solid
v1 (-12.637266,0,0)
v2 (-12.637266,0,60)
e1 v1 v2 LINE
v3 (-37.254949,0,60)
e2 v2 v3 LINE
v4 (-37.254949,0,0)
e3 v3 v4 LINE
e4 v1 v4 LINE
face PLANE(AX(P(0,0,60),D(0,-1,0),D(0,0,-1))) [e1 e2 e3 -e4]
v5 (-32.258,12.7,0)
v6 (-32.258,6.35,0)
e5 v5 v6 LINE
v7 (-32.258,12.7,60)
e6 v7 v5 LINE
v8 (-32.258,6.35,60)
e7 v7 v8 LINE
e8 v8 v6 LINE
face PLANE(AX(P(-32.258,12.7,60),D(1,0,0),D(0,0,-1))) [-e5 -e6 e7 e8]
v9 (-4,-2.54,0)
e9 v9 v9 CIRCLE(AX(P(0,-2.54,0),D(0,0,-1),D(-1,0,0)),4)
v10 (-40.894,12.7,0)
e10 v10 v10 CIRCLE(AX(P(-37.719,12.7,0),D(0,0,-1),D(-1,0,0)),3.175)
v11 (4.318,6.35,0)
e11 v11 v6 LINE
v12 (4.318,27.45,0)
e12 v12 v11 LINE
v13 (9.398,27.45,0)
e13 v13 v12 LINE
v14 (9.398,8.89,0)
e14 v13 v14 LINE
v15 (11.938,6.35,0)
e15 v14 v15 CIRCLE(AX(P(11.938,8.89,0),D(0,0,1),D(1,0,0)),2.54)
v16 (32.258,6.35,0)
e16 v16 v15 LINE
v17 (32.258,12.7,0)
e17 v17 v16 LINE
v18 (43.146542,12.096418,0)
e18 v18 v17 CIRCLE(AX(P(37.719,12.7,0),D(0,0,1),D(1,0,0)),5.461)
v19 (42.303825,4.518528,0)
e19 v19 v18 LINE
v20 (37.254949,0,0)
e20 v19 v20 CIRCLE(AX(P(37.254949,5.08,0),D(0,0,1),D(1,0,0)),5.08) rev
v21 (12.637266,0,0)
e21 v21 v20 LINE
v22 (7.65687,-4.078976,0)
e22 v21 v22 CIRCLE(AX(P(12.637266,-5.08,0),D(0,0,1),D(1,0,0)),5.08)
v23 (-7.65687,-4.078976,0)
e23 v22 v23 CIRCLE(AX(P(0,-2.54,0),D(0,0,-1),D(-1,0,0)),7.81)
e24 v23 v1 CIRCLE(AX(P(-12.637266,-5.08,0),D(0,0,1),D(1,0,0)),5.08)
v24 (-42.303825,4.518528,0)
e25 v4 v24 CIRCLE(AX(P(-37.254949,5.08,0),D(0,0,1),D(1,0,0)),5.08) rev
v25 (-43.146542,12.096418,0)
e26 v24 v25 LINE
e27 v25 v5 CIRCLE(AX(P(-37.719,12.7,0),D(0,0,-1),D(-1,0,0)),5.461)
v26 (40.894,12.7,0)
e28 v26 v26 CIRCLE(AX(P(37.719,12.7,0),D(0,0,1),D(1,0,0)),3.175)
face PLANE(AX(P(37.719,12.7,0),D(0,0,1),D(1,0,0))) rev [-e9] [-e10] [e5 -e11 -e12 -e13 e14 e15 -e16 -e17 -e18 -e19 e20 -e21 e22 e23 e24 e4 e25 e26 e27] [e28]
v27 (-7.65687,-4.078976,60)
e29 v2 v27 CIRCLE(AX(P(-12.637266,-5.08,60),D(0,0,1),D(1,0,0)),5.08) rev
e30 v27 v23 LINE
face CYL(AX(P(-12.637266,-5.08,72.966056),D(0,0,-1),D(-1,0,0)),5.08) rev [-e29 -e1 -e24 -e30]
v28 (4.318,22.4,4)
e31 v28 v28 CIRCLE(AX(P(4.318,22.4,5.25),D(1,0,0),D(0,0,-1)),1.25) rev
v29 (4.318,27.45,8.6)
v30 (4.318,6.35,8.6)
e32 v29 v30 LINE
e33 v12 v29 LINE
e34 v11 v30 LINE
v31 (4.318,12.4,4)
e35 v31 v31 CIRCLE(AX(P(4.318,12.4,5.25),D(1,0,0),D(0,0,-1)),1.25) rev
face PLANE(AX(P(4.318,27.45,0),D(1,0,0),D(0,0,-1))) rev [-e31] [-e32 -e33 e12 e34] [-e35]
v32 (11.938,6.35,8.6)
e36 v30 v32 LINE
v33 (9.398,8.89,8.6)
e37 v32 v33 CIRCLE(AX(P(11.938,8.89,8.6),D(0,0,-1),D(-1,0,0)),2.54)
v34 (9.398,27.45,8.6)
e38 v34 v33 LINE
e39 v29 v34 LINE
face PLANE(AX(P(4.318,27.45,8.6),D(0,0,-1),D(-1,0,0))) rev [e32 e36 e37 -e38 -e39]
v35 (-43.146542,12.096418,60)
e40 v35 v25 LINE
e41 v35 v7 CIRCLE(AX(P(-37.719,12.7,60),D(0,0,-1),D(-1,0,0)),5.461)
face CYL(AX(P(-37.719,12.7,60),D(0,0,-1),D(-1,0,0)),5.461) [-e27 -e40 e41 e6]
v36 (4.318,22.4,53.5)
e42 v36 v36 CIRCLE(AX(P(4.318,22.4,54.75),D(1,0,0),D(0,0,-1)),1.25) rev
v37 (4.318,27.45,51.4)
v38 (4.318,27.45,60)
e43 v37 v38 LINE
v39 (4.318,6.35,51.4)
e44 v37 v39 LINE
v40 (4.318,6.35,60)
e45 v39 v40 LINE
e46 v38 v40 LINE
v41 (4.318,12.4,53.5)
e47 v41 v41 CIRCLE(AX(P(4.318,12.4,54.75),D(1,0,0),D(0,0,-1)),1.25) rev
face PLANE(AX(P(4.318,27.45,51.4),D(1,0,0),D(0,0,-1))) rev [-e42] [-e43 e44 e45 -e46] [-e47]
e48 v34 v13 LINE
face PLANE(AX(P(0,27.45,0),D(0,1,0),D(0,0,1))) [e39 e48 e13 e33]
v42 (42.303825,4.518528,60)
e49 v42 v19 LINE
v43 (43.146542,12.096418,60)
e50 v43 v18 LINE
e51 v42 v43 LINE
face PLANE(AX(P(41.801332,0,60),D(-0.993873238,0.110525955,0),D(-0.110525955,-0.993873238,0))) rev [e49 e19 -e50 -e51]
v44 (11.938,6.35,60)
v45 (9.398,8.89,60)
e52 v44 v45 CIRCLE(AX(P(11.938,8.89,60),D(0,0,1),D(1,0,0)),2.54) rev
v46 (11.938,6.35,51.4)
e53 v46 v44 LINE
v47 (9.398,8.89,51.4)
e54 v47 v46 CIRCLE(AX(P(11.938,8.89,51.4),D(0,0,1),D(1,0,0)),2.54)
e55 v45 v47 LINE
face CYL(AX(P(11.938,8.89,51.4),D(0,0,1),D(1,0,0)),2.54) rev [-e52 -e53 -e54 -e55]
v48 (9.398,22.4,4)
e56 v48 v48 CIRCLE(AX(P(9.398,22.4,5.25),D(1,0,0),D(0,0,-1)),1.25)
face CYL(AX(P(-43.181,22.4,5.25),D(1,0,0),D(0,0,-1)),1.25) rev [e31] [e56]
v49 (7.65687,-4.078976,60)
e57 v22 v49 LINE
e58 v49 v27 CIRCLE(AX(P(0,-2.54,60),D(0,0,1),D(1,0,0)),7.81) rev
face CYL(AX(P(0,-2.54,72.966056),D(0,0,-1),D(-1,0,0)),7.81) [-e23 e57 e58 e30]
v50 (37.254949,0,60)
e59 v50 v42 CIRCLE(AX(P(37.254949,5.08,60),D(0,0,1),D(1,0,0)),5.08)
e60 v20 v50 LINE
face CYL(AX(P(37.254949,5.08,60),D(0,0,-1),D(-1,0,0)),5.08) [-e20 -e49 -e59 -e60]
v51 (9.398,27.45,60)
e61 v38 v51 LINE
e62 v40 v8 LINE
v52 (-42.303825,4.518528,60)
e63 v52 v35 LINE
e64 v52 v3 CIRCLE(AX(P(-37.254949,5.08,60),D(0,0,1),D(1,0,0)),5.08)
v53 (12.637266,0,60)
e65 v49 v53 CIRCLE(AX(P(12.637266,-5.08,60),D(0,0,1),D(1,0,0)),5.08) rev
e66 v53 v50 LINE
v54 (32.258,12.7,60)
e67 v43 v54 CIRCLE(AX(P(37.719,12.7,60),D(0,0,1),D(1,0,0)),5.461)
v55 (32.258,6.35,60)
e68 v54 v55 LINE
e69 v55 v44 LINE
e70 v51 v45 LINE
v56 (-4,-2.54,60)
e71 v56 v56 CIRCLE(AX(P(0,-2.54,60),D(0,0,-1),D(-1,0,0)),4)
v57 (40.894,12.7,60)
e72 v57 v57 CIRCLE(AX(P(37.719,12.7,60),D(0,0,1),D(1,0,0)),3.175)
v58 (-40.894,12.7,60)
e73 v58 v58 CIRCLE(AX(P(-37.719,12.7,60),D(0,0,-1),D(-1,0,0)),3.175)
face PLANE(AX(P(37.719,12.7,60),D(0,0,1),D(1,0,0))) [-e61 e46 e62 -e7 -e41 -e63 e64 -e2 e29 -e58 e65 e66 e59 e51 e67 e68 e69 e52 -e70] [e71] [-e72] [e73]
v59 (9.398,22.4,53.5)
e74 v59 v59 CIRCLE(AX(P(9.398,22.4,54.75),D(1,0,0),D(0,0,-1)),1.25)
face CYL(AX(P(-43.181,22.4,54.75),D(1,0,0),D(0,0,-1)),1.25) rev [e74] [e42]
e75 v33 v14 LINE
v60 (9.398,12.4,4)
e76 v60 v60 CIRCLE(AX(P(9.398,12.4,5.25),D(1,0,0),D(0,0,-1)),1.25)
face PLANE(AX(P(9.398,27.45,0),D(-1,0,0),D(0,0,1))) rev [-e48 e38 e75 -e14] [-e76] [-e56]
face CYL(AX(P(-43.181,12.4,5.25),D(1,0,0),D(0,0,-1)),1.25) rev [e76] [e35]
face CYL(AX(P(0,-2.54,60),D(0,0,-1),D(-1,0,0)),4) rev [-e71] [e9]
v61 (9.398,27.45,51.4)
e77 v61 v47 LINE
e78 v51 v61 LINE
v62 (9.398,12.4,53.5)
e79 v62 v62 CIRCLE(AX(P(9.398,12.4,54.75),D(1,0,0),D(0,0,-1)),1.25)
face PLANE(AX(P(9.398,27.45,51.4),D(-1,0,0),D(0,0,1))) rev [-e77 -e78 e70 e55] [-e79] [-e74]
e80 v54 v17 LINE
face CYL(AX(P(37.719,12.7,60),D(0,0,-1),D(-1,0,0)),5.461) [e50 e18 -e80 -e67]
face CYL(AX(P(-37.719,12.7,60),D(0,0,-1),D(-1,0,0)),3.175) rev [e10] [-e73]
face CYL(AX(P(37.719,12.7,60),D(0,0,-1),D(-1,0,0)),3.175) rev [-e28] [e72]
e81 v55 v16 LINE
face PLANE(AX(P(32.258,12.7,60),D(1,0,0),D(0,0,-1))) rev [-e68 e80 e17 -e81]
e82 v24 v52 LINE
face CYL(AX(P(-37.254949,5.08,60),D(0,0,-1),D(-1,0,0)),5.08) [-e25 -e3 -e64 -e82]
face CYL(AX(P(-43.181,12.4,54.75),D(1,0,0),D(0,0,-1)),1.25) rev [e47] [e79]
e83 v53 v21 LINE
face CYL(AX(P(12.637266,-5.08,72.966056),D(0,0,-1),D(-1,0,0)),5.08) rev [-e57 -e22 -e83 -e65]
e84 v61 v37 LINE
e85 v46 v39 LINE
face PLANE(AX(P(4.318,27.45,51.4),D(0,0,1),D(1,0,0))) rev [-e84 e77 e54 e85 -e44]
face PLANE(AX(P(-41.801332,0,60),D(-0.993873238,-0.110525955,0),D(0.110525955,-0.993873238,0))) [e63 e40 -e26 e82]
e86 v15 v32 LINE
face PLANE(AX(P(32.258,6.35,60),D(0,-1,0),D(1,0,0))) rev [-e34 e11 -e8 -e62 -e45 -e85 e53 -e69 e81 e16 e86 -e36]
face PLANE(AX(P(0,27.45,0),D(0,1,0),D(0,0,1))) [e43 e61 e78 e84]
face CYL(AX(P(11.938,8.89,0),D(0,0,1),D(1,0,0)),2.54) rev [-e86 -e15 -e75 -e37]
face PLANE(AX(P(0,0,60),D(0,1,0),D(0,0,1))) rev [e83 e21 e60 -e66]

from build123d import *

# Parameters (mm, degrees)
SKETCH1_R           = 3.175
BOSS_EXTRUDE1_DEPTH = 60
SKETCH2_R           = 4
CUT_EXTRUDE1_DEPTH  = 61
BOSS_EXTRUDE2_DEPTH = 60
SKETCH5_W           = 5.08
SKETCH5_H           = 8.6
BOSS_EXTRUDE3_DEPTH = 21.1
CUT_EXTRUDE2_REACH  = 54.578
SKETCH6_R           = 1.25
FILLET1_R           = 2.54
FILLET3_R           = 5.08
FILLET4_R           = 5.08


with BuildPart() as part:
    # Sketch1 → Boss-Extrude1 (new body)
    with BuildSketch(Plane.XY):
        with BuildLine():
            Line((0, 0), (41.801331845, 0))
            Line((41.801331845, 0), (43.146541753, 12.096417759))
            ThreePointArc((43.146541753, 12.096417759), (38.021254436, 18.152629022), (32.258, 12.7))
            Line((32.258, 12.7), (32.258, 6.35))
            Line((32.258, 6.35), (0, 6.35))
            Line((0, 6.35), (0, 0))
        make_face()
        with Locations((37.719, 12.7)):
            Circle(SKETCH1_R, mode=Mode.SUBTRACT)
    boss_extrude1 = extrude(amount=BOSS_EXTRUDE1_DEPTH)

    # Sketch2 → Cut-Extrude1 (cut, through all)
    with BuildSketch(Plane(origin=(0, 0, 0), x_dir=(-1, 0, 0), z_dir=(0, 0, -1))):
        with Locations((0, -2.54)):
            Circle(SKETCH2_R)
    cut_extrude1 = extrude(amount=-CUT_EXTRUDE1_DEPTH, mode=Mode.SUBTRACT)

    # Sketch3 → Boss-Extrude2 (add)
    with BuildSketch(Plane(origin=(0, 0, 0), x_dir=(-1, 0, 0), z_dir=(0, 0, -1))):
        with BuildLine():
            Line((-7.385424835, 0), (-3.090048543, 0))
            ThreePointArc((-3.090048543, 0), (-3.616628264, -4.248800749), (0, -6.54))
            Line((0, -6.54), (0, -10.35))
            ThreePointArc((0, -10.35), (-6.357416928, -7.076446847), (-7.385424835, 0))
        make_face()
    boss_extrude2 = extrude(amount=-BOSS_EXTRUDE2_DEPTH)

    # Mirror1: Boss-Extrude1, Cut-Extrude1, Boss-Extrude2 across plane
    add(boss_extrude1.mirror(Plane(origin=(0, 0, 0), x_dir=(0, 0, 1), z_dir=(1, 0, 0))))
    add(cut_extrude1.mirror(Plane(origin=(0, 0, 0), x_dir=(0, 0, 1), z_dir=(1, 0, 0))), mode=Mode.SUBTRACT)
    add(boss_extrude2.mirror(Plane(origin=(0, 0, 0), x_dir=(0, 0, 1), z_dir=(1, 0, 0))))

    # Sketch5 → Boss-Extrude3 (add)
    with BuildSketch(Plane(origin=(0, 6.35, 0), x_dir=(1, 0, 0), z_dir=(0, 1, 0))):
        with Locations((6.858, -4.3)):
            Rectangle(SKETCH5_W, SKETCH5_H)
        with Locations((6.858, -55.7)):
            Rectangle(SKETCH5_W, SKETCH5_H)
    extrude(amount=BOSS_EXTRUDE3_DEPTH)

    # Sketch6 → Cut-Extrude2 (cut, up to next)
    with BuildSketch(Plane(origin=(9.398, 0, 0), x_dir=(0, 0, -1), z_dir=(1, 0, 0)), mode=Mode.PRIVATE) as cut_extrude2_sk1:
        with Locations((-54.75, 22.4)):
            Circle(SKETCH6_R)
    cut_extrude2_tool1 = extrude(cut_extrude2_sk1.sketch, amount=-CUT_EXTRUDE2_REACH, mode=Mode.PRIVATE) & part.part
    add(cut_extrude2_tool1.solids().sort_by_distance((9.398, 22.4, 54.75))[0], mode=Mode.SUBTRACT)
    # Sketch6 → Cut-Extrude2 (cut, up to next)
    with BuildSketch(Plane(origin=(9.398, 0, 0), x_dir=(0, 0, -1), z_dir=(1, 0, 0)), mode=Mode.PRIVATE) as cut_extrude2_sk2:
        with Locations((-5.25, 22.4)):
            Circle(SKETCH6_R)
    cut_extrude2_tool2 = extrude(cut_extrude2_sk2.sketch, amount=-CUT_EXTRUDE2_REACH, mode=Mode.PRIVATE) & part.part
    add(cut_extrude2_tool2.solids().sort_by_distance((9.398, 22.4, 5.25))[0], mode=Mode.SUBTRACT)
    # Sketch6 → Cut-Extrude2 (cut, up to next)
    with BuildSketch(Plane(origin=(9.398, 0, 0), x_dir=(0, 0, -1), z_dir=(1, 0, 0)), mode=Mode.PRIVATE) as cut_extrude2_sk3:
        with Locations((-5.25, 12.4)):
            Circle(SKETCH6_R)
    cut_extrude2_tool3 = extrude(cut_extrude2_sk3.sketch, amount=-CUT_EXTRUDE2_REACH, mode=Mode.PRIVATE) & part.part
    add(cut_extrude2_tool3.solids().sort_by_distance((9.398, 12.4, 5.25))[0], mode=Mode.SUBTRACT)
    # Sketch6 → Cut-Extrude2 (cut, up to next)
    with BuildSketch(Plane(origin=(9.398, 0, 0), x_dir=(0, 0, -1), z_dir=(1, 0, 0)), mode=Mode.PRIVATE) as cut_extrude2_sk4:
        with Locations((-54.75, 12.4)):
            Circle(SKETCH6_R)
    cut_extrude2_tool4 = extrude(cut_extrude2_sk4.sketch, amount=-CUT_EXTRUDE2_REACH, mode=Mode.PRIVATE) & part.part
    add(cut_extrude2_tool4.solids().sort_by_distance((9.398, 12.4, 54.75))[0], mode=Mode.SUBTRACT)

    # Fillet1
    fillet1_edges = [part.edges().sort_by_distance(p)[0] for p in [
        (9.398, 6.35, 55.7),
        (9.398, 6.35, 4.3),
    ]]
    fillet(fillet1_edges, radius=FILLET1_R)

    # Fillet3
    fillet3_edges = [part.edges().sort_by_distance(p)[0] for p in [
        (7.385424835, 0, 30),
        (-7.385424835, 0, 30),
    ]]
    fillet(fillet3_edges, radius=FILLET3_R)

    # Fillet4
    fillet4_edges = [part.edges().sort_by_distance(p)[0] for p in [
        (41.801331845, 0, 30),
        (-41.801331845, 0, 30),
    ]]
    fillet(fillet4_edges, radius=FILLET4_R)


solid = part.part
